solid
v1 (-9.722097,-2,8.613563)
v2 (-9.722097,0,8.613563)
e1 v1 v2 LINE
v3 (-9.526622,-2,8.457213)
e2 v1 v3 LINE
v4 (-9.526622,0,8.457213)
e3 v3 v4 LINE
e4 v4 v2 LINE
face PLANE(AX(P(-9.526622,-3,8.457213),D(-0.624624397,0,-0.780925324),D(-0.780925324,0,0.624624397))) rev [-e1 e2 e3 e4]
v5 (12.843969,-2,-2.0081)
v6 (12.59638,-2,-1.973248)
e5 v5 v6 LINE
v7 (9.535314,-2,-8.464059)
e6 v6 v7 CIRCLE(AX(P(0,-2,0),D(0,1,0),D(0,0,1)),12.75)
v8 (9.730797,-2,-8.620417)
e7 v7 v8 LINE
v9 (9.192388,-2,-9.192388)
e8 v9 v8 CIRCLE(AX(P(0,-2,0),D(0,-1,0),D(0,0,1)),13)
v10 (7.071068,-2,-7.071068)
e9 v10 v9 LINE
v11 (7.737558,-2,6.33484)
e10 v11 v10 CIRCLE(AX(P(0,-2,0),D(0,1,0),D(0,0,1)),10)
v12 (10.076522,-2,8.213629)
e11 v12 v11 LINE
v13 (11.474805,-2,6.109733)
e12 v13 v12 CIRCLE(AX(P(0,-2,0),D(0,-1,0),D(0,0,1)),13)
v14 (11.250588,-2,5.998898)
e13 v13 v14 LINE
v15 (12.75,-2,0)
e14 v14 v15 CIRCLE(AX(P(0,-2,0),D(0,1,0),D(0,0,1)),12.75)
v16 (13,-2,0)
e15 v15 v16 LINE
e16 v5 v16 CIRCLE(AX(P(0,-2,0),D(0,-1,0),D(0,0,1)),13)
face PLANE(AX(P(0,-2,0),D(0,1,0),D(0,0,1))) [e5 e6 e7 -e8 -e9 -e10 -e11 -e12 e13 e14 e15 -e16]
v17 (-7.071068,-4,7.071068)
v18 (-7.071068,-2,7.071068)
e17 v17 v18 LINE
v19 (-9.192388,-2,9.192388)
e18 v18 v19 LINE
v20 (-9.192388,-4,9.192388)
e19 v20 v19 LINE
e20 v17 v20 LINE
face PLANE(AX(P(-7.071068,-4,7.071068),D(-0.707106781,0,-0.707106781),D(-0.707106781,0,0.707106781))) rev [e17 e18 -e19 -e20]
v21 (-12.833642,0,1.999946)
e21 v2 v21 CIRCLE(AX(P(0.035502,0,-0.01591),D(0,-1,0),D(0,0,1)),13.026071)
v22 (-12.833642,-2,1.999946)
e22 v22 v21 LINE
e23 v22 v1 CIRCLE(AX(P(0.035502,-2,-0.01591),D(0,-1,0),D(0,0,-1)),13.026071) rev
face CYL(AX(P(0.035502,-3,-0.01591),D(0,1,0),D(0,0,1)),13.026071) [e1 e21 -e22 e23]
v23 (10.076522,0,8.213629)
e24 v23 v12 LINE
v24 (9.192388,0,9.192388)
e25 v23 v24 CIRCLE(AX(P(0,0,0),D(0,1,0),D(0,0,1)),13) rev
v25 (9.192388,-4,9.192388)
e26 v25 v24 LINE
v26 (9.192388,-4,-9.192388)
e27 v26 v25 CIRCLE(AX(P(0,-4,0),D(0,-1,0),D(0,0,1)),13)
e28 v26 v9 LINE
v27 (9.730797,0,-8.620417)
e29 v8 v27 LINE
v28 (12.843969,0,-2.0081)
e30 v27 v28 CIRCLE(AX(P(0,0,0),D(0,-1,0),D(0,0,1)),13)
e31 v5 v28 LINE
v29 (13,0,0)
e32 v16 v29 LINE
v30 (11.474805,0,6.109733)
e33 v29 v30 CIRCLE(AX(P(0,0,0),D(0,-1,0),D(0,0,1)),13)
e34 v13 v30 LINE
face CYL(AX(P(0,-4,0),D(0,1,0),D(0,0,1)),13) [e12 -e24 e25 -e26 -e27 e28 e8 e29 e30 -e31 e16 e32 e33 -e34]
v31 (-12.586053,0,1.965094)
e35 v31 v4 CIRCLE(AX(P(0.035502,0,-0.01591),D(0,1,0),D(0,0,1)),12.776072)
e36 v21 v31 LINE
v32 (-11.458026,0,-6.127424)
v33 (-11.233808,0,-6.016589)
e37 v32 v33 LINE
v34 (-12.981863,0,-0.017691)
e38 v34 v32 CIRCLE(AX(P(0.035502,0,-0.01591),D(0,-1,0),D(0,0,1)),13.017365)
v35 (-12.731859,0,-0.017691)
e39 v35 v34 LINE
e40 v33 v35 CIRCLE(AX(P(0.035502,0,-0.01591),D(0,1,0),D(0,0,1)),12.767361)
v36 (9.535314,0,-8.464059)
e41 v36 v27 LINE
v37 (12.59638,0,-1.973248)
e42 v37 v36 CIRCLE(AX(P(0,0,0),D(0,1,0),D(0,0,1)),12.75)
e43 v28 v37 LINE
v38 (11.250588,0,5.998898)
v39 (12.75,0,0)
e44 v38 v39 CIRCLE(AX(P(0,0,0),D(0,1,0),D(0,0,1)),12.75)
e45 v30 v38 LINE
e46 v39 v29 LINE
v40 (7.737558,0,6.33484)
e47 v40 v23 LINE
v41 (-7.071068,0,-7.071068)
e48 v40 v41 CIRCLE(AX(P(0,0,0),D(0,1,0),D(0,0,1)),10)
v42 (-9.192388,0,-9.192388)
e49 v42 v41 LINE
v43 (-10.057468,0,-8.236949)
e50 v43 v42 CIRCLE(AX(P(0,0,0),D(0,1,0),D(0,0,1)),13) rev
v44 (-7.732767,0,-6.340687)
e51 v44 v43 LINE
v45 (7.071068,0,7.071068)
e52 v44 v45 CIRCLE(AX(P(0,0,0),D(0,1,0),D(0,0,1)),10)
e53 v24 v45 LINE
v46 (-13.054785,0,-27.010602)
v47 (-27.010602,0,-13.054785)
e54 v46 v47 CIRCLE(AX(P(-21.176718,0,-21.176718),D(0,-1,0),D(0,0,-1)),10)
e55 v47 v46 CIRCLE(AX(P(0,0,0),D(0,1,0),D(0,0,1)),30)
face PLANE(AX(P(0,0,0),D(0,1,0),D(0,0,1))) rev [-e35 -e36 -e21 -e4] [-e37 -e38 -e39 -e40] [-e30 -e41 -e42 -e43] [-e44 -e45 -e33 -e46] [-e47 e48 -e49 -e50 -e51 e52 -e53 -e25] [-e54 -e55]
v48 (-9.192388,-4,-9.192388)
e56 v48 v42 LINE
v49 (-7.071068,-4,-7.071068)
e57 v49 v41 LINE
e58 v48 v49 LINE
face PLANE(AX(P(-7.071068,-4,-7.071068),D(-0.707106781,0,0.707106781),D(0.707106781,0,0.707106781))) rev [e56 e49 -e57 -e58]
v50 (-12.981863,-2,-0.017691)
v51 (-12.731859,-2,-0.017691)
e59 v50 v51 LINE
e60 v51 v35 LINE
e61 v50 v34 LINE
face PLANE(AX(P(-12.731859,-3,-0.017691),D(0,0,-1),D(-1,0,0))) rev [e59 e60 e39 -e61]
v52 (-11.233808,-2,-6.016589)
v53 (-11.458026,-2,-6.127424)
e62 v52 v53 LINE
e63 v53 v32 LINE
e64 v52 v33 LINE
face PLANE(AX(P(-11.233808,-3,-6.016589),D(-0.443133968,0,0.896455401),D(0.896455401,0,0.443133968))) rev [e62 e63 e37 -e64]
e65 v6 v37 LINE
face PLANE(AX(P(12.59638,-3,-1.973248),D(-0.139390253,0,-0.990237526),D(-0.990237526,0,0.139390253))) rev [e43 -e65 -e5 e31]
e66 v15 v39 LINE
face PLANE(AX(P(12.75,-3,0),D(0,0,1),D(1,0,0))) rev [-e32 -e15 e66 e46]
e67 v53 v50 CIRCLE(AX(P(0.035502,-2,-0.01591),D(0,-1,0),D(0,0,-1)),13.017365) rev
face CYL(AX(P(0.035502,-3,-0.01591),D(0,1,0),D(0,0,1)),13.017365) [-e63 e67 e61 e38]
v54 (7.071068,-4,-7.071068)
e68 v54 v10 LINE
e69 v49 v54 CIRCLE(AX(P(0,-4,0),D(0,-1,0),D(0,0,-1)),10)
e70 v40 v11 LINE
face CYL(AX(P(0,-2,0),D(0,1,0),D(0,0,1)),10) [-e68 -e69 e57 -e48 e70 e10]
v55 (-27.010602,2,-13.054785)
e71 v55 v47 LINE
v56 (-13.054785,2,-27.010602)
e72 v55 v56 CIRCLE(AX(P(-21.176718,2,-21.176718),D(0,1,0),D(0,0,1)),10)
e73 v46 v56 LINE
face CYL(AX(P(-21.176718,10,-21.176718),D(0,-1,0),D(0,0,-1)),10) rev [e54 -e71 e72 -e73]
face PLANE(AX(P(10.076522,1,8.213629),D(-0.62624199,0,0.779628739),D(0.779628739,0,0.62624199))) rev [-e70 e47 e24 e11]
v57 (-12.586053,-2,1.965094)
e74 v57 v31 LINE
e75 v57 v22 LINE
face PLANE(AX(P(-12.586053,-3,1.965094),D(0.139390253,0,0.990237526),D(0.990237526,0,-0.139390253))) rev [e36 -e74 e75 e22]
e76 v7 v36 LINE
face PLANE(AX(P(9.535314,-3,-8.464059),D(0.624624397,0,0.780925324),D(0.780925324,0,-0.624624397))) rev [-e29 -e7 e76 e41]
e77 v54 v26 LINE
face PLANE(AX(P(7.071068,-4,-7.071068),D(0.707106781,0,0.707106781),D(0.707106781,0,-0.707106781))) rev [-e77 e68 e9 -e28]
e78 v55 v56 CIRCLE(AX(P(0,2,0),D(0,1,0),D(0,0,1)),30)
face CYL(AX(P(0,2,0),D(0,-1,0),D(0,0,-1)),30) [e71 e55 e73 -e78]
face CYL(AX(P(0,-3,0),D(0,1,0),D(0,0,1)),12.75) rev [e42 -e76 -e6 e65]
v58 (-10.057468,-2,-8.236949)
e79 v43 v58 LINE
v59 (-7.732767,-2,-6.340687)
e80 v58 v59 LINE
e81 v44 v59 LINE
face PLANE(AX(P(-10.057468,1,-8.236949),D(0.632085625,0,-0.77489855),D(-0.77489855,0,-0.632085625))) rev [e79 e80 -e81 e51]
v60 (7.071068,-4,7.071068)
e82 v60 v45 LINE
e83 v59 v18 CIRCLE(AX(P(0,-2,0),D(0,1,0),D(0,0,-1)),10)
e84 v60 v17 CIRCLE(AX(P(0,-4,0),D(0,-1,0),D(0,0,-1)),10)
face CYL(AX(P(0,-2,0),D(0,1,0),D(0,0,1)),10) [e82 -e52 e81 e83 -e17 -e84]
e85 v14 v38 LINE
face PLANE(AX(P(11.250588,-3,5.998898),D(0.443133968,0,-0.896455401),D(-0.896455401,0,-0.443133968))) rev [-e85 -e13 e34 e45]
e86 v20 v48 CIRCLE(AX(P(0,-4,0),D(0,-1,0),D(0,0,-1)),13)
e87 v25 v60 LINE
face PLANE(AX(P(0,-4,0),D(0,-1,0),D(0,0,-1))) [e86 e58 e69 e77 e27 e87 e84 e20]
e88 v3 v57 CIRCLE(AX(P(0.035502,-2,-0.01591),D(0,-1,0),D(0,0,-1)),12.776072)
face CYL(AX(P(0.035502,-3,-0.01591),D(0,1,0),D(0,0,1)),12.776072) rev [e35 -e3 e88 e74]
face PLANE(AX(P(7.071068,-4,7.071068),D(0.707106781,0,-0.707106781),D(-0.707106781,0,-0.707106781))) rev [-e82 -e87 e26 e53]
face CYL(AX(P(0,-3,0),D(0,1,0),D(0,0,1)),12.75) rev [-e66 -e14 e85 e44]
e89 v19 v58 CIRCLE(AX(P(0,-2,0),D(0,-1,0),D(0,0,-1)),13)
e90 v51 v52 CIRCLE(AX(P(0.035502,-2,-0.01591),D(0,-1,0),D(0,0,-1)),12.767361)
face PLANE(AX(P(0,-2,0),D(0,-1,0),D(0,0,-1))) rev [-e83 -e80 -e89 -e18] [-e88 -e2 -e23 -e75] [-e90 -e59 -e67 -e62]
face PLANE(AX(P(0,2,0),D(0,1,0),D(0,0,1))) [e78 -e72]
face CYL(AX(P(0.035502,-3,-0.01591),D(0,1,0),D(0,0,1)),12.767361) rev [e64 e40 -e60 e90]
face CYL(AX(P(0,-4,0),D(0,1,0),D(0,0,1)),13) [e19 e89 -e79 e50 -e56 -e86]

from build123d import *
from build123d.topology import SkipClean

# Parameters (mm, degrees)
SKIZZE1_R                         = 10
AUFSATZ_LINEAR_AUSTRAGEN1_DEPTH   = 2
SKIZZE2_R                         = 30
AUFSATZ_LINEAR_AUSTRAGEN2_DEPTH   = 2
AUFSATZ_LINEAR_AUSTRAGEN3_DEPTH   = 2
AUFSATZ_LINEAR_AUSTRAGEN3_2_DEPTH = 2
SKIZZE4_R                         = 10
AUFSATZ_LINEAR_AUSTRAGEN4_DEPTH   = 2
AUFSATZ_LINEAR_START              = 3
AUFSATZ_LINEAR_AUSTRAGEN15_DEPTH  = 3
SKIZZE9_R                         = 10
SCHNITT_LINEAR_AUSTRAGEN1_DEPTH   = 10
AUFSATZ_LINEAR_AUSTRAGEN16_DEPTH  = 3


with BuildPart() as part:
    # Skizze1 → Aufsatz-Linear austragen1 (new body)
    with BuildSketch(Plane(origin=(0, 0, 0), x_dir=(1, 0, 0), z_dir=(0, 1, 0))):
        with Locations(Location((0, 0, 0), (0, 0, 270))):
            Circle(SKIZZE1_R)
    extrude(amount=-AUFSATZ_LINEAR_AUSTRAGEN1_DEPTH)

    # Skizze2 → Aufsatz-Linear austragen2 (add)
    with BuildSketch(Plane(origin=(0, 0, 0), x_dir=(1, 0, 0), z_dir=(0, 1, 0))):
        with Locations(Location((0, 0, 0), (0, 0, 270))):
            Circle(SKIZZE2_R)
    extrude(amount=AUFSATZ_LINEAR_AUSTRAGEN2_DEPTH)



with BuildPart() as body_2:
    # Skizze3 → Aufsatz-Linear austragen3 (new body)
    with BuildSketch(Plane.XZ.offset(2)):
        with BuildLine():
            Line((-7.071067812, 7.071067812), (-9.192388155, 9.192388155))
            ThreePointArc((-9.192388155, 9.192388155), (-13, 0), (-9.192388155, -9.192388155))
            Line((-9.192388155, -9.192388155), (-7.071067812, -7.071067812))
            ThreePointArc((-7.071067812, -7.071067812), (-10, 0), (-7.071067812, 7.071067812))
        make_face()
    extrude(amount=AUFSATZ_LINEAR_AUSTRAGEN3_DEPTH)


with BuildPart() as body_3:
    # Skizze3 → Aufsatz-Linear austragen3 2 (new body)
    with BuildSketch(Plane.XZ.offset(2)):
        with BuildLine():
            Line((7.071067812, 7.071067812), (9.192388155, 9.192388155))
            ThreePointArc((9.192388155, 9.192388155), (13, 0), (9.192388155, -9.192388155))
            Line((9.192388155, -9.192388155), (7.071067812, -7.071067812))
            ThreePointArc((7.071067812, -7.071067812), (10, 0), (7.071067812, 7.071067812))
        make_face()
    extrude(amount=AUFSATZ_LINEAR_AUSTRAGEN3_2_DEPTH)


with BuildPart() as part_1:
    add(part.part)

    add(body_2.part)  # Aufsatz-Linear austragen4 merges body 2

    add(body_3.part)  # Aufsatz-Linear austragen4 merges body 3
    # Skizze4 → Aufsatz-Linear austragen4 (add)
    with BuildSketch(Plane.XZ.offset(2)):
        with Locations(Location((0, 0, 0), (0, 0, 90))):
            Circle(SKIZZE4_R)
    extrude(amount=AUFSATZ_LINEAR_AUSTRAGEN4_DEPTH)

    # Skizze8 → Aufsatz-Linear austragen15 (add)
    with BuildSketch(Plane(origin=(0, -2, 0), x_dir=(1, 0, 0), z_dir=(0, 1, 0)).offset(AUFSATZ_LINEAR_START)):
        with BuildLine():
            Line((10.076521944, -8.213629254), (7.737557516, -6.334840462))
            ThreePointArc((7.737557516, -6.334840462), (7.413457608, -6.711232845), (7.071067812, -7.071067812))
            Line((7.071067812, -7.071067812), (9.192388155, -9.192388155))
            ThreePointArc((9.192388155, -9.192388155), (9.646875989, -8.714228804), (10.076521944, -8.213629254))
        make_face()
        with BuildLine():
            Line((-7.071067812, 7.071067812), (-9.192388155, 9.192388155))
            ThreePointArc((-9.192388155, 9.192388155), (-9.636776415, 8.725396284), (-10.057468336, 8.236949111))
            Line((-10.057468336, 8.236949111), (-7.732766819, 6.340687449))
            ThreePointArc((-7.732766819, 6.340687449), (-7.410920578, 6.714034271), (-7.071067812, 7.071067812))
        make_face()
    extrude(amount=-AUFSATZ_LINEAR_AUSTRAGEN15_DEPTH)

    # Skizze9 → Schnitt-Linear austragen1 (cut)
    with BuildSketch(Plane.XZ):
        with Locations((-21.176717953, -21.176717953)):
            Circle(SKIZZE9_R)
    extrude(amount=-SCHNITT_LINEAR_AUSTRAGEN1_DEPTH, mode=Mode.SUBTRACT)

    # Skizze10 → Aufsatz-Linear austragen16 (add)
    with SkipClean():  # the faces are left unmerged after this step: merging them gives an invalid solid
        with BuildSketch(Plane.XZ):
            with BuildLine():
                Line((12.75, 0), (13, 0))
                ThreePointArc((13, 0), (12.612939215, 3.148613086), (11.474805482, 6.109733149))
                Line((11.474805482, 6.109733149), (11.250587553, 5.998898209))
                ThreePointArc((11.250587553, 5.998898209), (12.369468285, 3.091723524), (12.75, 0))
            make_face()
            with BuildLine():
                Line((9.53531372, -8.464058852), (9.730797288, -8.620416703))
                ThreePointArc((9.730797288, -8.620416703), (11.761619744, -5.537535643), (12.843968796, -2.008099992))
                Line((12.843968796, -2.008099992), (12.596380081, -1.973248299))
                ThreePointArc((12.596380081, -1.973248299), (11.531939258, -5.438462739), (9.53531372, -8.464058852))
            make_face()
            with BuildLine():
                Line((-12.731858626, -0.017690555), (-12.981862864, -0.017690555))
                ThreePointArc((-12.981862864, -0.017690555), (-12.594944508, -3.166086381), (-11.45802615, -6.127423703))
                Line((-11.45802615, -6.127423703), (-11.233808221, -6.016588763))
                ThreePointArc((-11.233808221, -6.016588763), (-12.351470245, -3.109195987), (-12.731858626, -0.017690555))
            make_face()
            with BuildLine():
                Line((-9.526622279, 8.457212783), (-9.72209655, 8.613563198))
                ThreePointArc((-9.72209655, 8.613563198), (-11.751242737, 5.529465141), (-12.833641797, 1.999945719))
                Line((-12.833641797, 1.999945719), (-12.586053082, 1.965094027))
                ThreePointArc((-12.586053082, 1.965094027), (-11.521565497, 5.430393435), (-9.526622279, 8.457212783))
            make_face()
        extrude(amount=AUFSATZ_LINEAR_AUSTRAGEN16_DEPTH)


solid = part_1.part
